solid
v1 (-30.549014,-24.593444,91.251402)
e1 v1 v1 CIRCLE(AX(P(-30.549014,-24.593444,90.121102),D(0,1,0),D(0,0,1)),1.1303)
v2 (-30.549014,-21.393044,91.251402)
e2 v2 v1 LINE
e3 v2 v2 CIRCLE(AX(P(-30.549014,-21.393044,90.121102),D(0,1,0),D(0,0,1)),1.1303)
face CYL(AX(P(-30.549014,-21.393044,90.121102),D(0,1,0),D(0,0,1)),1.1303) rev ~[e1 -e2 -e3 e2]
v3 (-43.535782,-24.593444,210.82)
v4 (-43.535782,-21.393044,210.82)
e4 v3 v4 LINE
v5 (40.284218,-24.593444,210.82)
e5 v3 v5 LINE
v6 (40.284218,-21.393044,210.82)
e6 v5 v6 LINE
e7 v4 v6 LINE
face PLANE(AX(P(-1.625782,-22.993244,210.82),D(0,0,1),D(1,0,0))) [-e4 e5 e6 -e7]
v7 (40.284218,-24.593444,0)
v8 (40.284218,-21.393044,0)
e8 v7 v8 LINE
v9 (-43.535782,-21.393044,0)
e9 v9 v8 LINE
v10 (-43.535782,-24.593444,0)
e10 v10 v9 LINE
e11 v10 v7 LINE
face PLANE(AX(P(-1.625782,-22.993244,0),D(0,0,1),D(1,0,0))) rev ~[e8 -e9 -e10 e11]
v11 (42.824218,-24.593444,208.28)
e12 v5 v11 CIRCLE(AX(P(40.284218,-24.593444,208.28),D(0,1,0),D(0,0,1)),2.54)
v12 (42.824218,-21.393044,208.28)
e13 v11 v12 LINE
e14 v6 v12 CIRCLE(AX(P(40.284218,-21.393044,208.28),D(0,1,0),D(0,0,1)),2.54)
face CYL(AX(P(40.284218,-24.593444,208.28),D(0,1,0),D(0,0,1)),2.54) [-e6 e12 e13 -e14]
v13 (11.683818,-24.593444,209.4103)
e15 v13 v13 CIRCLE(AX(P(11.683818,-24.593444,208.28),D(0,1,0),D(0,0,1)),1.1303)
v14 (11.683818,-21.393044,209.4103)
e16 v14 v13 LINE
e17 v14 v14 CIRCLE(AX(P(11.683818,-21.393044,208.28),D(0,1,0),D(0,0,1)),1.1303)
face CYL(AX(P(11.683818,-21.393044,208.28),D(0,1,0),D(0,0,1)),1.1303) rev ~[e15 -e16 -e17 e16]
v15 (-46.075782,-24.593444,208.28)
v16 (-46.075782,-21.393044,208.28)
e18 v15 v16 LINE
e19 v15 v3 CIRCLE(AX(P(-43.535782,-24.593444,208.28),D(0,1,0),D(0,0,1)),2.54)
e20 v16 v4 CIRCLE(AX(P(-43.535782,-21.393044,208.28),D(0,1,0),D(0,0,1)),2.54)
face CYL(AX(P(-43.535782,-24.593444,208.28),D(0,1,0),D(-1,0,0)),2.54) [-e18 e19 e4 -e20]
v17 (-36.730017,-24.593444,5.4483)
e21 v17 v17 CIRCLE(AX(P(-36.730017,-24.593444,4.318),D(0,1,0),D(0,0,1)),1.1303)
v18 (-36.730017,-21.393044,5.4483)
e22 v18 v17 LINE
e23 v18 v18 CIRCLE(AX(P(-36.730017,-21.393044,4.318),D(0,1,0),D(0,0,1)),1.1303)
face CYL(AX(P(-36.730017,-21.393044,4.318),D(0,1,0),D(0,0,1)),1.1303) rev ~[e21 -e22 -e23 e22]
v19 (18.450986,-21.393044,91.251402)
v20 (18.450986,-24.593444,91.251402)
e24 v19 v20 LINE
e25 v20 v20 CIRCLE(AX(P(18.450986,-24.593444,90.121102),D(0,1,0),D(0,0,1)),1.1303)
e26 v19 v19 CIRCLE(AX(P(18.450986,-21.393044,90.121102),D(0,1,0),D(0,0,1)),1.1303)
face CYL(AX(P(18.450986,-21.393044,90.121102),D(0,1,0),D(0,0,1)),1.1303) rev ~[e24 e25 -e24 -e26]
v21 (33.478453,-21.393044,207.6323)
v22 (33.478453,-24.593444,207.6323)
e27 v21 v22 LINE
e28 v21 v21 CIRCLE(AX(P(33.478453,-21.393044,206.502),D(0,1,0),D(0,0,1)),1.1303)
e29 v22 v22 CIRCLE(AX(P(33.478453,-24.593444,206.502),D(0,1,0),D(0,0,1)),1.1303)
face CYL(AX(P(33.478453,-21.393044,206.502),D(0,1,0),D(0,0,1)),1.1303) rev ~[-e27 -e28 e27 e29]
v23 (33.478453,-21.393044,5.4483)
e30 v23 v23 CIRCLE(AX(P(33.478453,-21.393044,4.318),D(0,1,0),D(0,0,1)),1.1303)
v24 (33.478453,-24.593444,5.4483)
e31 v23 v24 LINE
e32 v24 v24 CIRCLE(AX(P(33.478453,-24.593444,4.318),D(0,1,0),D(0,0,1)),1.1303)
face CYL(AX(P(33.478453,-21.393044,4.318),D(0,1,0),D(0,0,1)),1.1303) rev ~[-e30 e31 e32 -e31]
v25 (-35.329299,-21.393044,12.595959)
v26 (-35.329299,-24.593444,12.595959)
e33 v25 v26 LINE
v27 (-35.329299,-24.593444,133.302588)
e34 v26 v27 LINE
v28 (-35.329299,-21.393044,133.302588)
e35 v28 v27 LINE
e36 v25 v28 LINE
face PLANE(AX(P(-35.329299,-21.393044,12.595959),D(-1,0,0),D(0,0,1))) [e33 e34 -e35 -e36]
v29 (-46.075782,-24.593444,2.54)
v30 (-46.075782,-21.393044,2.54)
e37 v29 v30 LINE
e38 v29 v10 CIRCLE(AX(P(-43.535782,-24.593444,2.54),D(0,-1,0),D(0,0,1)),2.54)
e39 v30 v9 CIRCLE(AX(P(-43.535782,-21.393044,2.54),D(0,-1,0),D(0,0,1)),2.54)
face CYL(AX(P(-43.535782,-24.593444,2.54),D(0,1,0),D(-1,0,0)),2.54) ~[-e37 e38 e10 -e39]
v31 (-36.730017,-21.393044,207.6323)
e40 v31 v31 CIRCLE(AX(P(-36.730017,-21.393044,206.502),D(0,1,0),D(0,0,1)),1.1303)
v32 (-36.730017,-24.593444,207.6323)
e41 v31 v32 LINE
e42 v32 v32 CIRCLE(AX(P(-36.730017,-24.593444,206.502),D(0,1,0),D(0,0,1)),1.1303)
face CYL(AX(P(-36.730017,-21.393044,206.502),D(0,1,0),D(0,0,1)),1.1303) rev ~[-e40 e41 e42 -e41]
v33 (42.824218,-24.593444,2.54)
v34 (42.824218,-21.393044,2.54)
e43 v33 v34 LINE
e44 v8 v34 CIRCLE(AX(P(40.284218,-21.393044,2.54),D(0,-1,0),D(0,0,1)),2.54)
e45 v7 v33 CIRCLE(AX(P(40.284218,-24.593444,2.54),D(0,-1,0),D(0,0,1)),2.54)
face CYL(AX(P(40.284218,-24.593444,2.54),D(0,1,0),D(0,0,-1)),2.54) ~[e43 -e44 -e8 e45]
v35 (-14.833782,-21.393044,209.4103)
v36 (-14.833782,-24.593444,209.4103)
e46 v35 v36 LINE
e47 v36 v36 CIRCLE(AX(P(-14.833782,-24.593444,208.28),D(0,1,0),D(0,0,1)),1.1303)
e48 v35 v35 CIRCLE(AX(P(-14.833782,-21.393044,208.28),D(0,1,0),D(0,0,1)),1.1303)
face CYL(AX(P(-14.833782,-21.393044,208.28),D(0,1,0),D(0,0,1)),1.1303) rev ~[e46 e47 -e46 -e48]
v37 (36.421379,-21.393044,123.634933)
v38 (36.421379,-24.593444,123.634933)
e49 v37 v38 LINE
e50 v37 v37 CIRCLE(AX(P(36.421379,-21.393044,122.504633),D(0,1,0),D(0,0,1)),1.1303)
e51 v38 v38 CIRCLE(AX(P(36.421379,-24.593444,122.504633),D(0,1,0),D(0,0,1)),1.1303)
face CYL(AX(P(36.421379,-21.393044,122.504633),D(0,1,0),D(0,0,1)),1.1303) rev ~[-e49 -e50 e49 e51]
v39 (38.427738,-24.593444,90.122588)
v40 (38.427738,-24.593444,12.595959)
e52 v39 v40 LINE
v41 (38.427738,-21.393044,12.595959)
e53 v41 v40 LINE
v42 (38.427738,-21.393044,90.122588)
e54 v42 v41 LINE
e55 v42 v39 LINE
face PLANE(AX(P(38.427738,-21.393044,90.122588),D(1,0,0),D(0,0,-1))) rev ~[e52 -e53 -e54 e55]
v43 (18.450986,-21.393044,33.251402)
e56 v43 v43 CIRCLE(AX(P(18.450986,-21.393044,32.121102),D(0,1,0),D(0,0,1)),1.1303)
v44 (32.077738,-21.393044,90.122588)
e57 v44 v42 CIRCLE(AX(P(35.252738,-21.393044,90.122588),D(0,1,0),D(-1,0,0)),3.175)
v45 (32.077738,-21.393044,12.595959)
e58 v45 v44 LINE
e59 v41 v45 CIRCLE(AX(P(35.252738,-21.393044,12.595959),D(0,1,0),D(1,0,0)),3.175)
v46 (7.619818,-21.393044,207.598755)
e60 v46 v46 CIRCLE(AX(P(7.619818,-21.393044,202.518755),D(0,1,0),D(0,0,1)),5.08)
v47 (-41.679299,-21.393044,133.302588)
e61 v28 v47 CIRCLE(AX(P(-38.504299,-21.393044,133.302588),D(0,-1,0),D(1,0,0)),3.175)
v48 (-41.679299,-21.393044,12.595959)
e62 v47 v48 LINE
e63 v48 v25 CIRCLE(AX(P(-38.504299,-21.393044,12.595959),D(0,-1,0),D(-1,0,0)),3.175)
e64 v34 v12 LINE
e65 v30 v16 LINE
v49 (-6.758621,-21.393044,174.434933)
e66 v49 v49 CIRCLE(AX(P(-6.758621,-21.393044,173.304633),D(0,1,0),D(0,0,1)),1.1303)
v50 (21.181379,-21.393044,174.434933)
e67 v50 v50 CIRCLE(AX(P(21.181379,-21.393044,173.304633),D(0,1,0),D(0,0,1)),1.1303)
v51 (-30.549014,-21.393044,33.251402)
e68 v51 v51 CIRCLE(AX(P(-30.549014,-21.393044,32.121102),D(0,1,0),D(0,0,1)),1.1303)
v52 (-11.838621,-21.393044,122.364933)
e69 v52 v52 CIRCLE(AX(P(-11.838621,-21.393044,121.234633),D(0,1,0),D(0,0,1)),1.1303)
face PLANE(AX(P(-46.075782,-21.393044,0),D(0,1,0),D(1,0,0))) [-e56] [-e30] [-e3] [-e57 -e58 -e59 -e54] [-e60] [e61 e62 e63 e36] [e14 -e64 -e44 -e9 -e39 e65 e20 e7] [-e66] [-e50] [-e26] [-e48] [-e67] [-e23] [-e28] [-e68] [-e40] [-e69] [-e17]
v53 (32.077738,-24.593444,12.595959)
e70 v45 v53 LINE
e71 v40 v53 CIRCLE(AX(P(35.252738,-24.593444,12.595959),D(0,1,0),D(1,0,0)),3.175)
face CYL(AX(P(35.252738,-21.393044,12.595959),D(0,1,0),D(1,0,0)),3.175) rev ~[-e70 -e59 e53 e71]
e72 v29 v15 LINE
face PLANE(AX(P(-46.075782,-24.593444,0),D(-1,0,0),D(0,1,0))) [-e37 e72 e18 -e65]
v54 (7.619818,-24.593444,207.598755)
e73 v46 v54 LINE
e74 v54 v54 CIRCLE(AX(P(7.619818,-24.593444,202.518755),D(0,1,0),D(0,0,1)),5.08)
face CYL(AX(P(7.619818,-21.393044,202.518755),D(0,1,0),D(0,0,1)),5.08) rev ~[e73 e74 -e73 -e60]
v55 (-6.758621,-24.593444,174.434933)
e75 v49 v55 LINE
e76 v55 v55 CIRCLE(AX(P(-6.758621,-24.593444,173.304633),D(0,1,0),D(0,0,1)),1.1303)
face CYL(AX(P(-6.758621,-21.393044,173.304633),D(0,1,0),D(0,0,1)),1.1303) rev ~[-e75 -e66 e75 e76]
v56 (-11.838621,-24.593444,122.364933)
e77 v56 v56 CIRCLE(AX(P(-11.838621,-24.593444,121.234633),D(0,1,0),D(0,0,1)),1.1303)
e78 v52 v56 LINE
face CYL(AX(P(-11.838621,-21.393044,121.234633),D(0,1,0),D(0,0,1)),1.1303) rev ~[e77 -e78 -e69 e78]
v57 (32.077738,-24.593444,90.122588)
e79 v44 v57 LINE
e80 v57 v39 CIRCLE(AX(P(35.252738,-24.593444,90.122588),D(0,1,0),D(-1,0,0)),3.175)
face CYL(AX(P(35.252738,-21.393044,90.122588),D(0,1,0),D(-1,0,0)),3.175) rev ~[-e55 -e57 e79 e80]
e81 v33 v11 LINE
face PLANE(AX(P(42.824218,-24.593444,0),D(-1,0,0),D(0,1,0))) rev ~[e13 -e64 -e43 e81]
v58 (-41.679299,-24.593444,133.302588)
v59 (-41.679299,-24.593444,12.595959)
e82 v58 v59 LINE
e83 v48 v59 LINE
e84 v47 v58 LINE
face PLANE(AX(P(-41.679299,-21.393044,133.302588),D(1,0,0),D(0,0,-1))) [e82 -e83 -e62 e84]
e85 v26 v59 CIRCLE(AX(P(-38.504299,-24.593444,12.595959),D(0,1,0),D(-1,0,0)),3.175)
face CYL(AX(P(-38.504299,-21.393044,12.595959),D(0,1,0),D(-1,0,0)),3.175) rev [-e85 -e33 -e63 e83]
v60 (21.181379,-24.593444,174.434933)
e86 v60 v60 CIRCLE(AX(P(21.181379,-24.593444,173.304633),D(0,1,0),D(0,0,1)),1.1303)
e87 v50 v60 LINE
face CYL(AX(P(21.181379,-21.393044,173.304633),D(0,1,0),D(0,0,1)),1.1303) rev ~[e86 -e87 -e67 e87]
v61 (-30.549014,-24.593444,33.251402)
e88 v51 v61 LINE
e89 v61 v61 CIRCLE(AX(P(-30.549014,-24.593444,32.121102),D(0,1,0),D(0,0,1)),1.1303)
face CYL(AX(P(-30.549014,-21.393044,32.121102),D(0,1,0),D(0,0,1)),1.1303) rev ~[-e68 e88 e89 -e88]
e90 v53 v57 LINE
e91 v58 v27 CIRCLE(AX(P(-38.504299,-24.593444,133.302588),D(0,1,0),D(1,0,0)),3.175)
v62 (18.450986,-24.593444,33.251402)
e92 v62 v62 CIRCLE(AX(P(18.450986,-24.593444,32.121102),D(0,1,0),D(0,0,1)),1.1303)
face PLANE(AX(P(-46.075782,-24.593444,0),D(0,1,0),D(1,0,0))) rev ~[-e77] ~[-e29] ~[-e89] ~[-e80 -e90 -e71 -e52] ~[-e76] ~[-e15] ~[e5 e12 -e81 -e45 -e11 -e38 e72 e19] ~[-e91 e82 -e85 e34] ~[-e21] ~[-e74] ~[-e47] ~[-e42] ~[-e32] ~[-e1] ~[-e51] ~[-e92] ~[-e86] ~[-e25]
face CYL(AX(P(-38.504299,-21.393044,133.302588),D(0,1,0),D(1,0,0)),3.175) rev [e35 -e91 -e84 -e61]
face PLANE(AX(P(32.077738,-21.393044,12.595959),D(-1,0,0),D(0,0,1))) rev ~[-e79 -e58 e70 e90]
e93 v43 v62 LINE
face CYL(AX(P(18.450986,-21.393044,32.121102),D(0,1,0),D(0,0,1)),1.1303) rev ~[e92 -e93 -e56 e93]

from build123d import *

# Parameters (mm, degrees)
SKETCH2_W           = 88.9
SKETCH2_H           = 3.2004
BOSS_EXTRUDE1_DEPTH = 210.82
SKETCH3_R           = 1.1303
SKETCH3_R_2         = 5.08
CUT_EXTRUDE1_DEPTH  = 216.82004684
FILLET2_R           = 2.54


with BuildPart() as part:
    # Sketch2 → Boss-Extrude1 (new body)
    with BuildSketch(Plane.XY):
        with Locations((-1.625781684, -22.993244248)):
            Rectangle(SKETCH2_W, SKETCH2_H)
    extrude(amount=BOSS_EXTRUDE1_DEPTH)

    # Sketch3 → Cut-Extrude1 (cut, through all)
    with BuildSketch(Plane(origin=(0, -21.393044248, 0), x_dir=(-1, 0, 0), z_dir=(0, 1, 0))):
        with Locations(Location((14.833781684, 208.28, 0), (0, 0, 90))):
            Circle(SKETCH3_R)
        with Locations(Location((-11.683818316, 208.28, 0), (0, 0, 90))):
            Circle(SKETCH3_R)
        with Locations(Location((-7.619818316, 202.518755316, 0), (0, 0, 90))):
            Circle(SKETCH3_R_2)
        with Locations(Location((-33.478453416, 206.502, 0), (0, 0, 90))):
            Circle(SKETCH3_R)
        with Locations(Location((36.730016784, 206.502, 0), (0, 0, 90))):
            Circle(SKETCH3_R)
        with Locations(Location((-33.478453416, 4.318, 0), (0, 0, 90))):
            Circle(SKETCH3_R)
        with Locations(Location((36.730016784, 4.318, 0), (0, 0, 90))):
            Circle(SKETCH3_R)
        with Locations(Location((-18.450986138, 32.12110162, 0), (0, 0, 90))):
            Circle(SKETCH3_R)
        with Locations(Location((-18.450986138, 90.12110162, 0), (0, 0, 90))):
            Circle(SKETCH3_R)
        with Locations(Location((30.549013862, 90.12110162, 0), (0, 0, 90))):
            Circle(SKETCH3_R)
        with Locations(Location((30.549013862, 32.12110162, 0), (0, 0, 90))):
            Circle(SKETCH3_R)
        with Locations(Location((-21.181379204, 173.304632562, 0), (0, 0, 90))):
            Circle(SKETCH3_R)
        with Locations(Location((-36.421379204, 122.504632562, 0), (0, 0, 90))):
            Circle(SKETCH3_R)
        with Locations(Location((6.758620796, 173.304632562, 0), (0, 0, 90))):
            Circle(SKETCH3_R)
        with Locations(Location((11.838620796, 121.234632562, 0), (0, 0, 90))):
            Circle(SKETCH3_R)
        with Locations((81.579081393, -113.266782514)):
            Circle(SKETCH3_R)
        with Locations((66.769810529, -163.717742064)):
            Circle(SKETCH3_R)
        with Locations((108.318194793, -113.266782514)):
            Circle(SKETCH3_R)
        with Locations((97.604440284, -108.476314785)):
            Circle(SKETCH3_R)
        with Locations((82.79516942, -158.927274335)):
            Circle(SKETCH3_R)
        with Locations((124.343553684, -108.476314785)):
            Circle(SKETCH3_R)
        with Locations((112.789811005, -158.927274335)):
            Circle(SKETCH3_R)
        with BuildLine():
            Line((35.32929924, 12.595958552), (35.32929924, 133.302587666))
            ThreePointArc((35.32929924, 133.302587666), (38.50429924, 136.477587666), (41.67929924, 133.302587666))
            Line((41.67929924, 133.302587666), (41.67929924, 12.595958552))
            ThreePointArc((41.67929924, 12.595958552), (38.50429924, 9.420958552), (35.32929924, 12.595958552))
        make_face()
        with BuildLine():
            Line((-32.077737936, 12.595958552), (-32.077737936, 90.122587598))
            ThreePointArc((-32.077737936, 90.122587598), (-35.252737936, 93.297587598), (-38.427737936, 90.122587598))
            Line((-38.427737936, 90.122587598), (-38.427737936, 12.595958552))
            ThreePointArc((-38.427737936, 12.595958552), (-35.252737936, 9.420958552), (-32.077737936, 12.595958552))
        make_face()
    extrude(amount=-CUT_EXTRUDE1_DEPTH, mode=Mode.SUBTRACT)

    # Fillet2
    fillet2_edges = [part.edges().sort_by_distance(p)[0] for p in [
        (42.824218316, -22.993244248, 210.82),
        (-46.075781684, -22.993244248, 210.82),
        (42.824218316, -22.993244248, 0),
        (-46.075781684, -22.993244248, 0),
    ]]
    fillet(fillet2_edges, radius=FILLET2_R)


solid = part.part
